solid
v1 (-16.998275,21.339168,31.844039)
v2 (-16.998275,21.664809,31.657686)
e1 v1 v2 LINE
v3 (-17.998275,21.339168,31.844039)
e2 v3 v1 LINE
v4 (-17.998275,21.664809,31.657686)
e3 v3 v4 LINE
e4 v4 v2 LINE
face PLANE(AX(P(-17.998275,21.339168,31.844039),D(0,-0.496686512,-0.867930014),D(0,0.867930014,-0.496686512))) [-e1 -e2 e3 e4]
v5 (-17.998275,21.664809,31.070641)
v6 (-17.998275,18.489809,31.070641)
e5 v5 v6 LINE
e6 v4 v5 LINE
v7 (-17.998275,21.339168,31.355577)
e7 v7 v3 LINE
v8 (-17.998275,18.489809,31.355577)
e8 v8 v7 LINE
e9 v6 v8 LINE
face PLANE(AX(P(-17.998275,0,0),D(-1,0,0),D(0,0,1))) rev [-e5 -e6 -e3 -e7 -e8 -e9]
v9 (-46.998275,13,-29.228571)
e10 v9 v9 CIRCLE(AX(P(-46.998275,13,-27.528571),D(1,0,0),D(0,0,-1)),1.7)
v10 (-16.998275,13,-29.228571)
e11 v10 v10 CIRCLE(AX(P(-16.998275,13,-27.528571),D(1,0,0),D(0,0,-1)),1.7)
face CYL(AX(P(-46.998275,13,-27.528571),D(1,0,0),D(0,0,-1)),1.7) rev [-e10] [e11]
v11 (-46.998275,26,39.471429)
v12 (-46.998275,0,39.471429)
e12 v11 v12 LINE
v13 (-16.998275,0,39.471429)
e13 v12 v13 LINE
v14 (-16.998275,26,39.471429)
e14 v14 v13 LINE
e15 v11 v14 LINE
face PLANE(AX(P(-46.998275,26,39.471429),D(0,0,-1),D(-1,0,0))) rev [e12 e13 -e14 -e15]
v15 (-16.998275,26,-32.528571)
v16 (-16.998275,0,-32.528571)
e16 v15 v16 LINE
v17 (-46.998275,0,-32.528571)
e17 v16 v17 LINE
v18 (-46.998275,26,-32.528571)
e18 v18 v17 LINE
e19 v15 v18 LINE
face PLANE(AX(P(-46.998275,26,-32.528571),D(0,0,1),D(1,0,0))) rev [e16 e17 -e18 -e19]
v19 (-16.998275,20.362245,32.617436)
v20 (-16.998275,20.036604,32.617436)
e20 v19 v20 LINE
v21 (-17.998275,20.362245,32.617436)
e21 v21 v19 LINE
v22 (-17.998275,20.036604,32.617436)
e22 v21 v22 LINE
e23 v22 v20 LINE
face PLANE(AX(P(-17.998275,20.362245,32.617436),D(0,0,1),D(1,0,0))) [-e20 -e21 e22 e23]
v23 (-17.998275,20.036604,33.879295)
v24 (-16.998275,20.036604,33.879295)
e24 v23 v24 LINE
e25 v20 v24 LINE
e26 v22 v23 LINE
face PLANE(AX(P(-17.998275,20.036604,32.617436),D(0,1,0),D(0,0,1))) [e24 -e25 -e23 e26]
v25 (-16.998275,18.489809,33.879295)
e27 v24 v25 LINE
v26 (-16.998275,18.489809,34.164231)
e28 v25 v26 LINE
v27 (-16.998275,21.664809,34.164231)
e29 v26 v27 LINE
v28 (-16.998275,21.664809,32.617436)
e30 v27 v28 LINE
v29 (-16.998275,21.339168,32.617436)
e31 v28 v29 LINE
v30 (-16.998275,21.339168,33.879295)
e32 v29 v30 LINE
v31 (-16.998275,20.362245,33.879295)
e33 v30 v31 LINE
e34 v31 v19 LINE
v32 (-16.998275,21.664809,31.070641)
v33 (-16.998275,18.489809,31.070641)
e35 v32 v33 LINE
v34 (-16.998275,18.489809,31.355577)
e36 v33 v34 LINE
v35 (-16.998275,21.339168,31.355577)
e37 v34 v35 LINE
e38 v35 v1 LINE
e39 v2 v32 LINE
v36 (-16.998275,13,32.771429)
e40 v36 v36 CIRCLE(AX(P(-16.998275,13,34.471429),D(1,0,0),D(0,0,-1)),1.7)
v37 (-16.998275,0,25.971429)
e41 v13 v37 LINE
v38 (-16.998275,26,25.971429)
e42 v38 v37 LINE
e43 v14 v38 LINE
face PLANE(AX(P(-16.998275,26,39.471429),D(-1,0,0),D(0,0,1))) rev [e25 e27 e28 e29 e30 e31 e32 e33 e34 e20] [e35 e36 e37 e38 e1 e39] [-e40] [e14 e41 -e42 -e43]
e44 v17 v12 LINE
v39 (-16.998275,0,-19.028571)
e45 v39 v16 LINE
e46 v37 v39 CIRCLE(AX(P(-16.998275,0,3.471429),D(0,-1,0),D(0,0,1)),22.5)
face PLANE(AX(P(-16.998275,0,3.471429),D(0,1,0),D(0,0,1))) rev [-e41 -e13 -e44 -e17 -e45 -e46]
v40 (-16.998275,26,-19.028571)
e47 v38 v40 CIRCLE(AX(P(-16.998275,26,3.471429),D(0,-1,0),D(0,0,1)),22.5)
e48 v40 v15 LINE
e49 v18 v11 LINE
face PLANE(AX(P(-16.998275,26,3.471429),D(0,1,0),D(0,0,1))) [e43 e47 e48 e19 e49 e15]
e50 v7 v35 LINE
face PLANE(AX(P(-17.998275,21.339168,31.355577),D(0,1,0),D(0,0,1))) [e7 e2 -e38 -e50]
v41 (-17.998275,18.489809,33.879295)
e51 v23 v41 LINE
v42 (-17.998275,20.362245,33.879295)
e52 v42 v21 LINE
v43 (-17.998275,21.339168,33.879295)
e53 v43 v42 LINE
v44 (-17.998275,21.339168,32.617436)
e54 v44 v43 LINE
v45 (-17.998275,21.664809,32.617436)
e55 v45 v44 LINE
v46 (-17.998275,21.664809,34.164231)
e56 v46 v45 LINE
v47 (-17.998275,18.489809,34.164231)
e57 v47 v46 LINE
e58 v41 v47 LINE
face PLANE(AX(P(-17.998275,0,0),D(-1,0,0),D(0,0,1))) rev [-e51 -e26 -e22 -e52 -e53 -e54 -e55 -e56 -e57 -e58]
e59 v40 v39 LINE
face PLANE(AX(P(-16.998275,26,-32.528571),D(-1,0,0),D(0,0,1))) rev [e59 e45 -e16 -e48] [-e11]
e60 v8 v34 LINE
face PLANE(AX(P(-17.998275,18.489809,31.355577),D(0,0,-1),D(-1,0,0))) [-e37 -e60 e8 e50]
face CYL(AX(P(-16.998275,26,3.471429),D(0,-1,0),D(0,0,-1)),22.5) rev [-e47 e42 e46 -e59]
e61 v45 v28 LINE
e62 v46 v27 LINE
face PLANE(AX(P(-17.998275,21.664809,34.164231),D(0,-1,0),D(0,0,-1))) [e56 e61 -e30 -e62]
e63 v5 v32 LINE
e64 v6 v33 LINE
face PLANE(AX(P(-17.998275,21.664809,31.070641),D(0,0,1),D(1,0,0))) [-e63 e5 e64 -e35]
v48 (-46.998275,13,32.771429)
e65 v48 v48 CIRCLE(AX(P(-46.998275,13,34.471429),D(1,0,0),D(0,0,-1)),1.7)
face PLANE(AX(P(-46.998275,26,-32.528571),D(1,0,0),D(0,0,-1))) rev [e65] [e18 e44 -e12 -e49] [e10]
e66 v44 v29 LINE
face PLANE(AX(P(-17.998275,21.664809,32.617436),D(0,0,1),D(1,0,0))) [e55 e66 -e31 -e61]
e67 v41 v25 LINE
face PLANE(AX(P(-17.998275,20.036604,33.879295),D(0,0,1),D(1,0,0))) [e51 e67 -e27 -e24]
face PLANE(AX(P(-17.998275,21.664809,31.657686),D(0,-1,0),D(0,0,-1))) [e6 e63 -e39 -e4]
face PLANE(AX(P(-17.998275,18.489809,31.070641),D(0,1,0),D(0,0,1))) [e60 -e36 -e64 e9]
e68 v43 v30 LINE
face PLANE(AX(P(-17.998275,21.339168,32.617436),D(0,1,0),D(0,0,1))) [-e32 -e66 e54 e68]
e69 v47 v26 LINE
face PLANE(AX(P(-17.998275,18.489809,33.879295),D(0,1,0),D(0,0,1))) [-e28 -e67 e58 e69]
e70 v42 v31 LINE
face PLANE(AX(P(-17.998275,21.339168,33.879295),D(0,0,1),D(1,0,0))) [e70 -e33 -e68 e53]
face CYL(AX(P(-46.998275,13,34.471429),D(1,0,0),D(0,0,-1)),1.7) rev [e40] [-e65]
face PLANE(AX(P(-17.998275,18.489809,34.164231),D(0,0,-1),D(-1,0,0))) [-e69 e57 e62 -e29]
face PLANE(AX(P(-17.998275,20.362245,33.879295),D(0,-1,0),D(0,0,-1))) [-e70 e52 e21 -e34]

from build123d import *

# Parameters (mm, degrees)
BOSS_EXTRUDE1_DEPTH = 26
SKETCH2_R           = 1.7
CUT_EXTRUDE1_DEPTH  = 31
CUT_EXTRUDE2_DEPTH  = 1


with BuildPart() as part:
    # Sketch1 → Boss-Extrude1 (new body)
    with BuildSketch(Plane(origin=(0, 0, 0), x_dir=(1, 0, 0), z_dir=(0, 1, 0))):
        with BuildLine():
            Line((-46.998275301, 32.528571429), (-46.998275301, -39.471428571))
            Line((-46.998275301, -39.471428571), (-16.998275301, -39.471428571))
            Line((-16.998275301, -39.471428571), (-16.998275301, -25.971428571))
            ThreePointArc((-16.998275301, -25.971428571), (-39.498275301, -3.471428571), (-16.998275301, 19.028571429))
            Line((-16.998275301, 19.028571429), (-16.998275301, 32.528571429))
            Line((-16.998275301, 32.528571429), (-46.998275301, 32.528571429))
        make_face()
    extrude(amount=BOSS_EXTRUDE1_DEPTH)

    # Sketch2 → Cut-Extrude1 (cut, through all)
    with BuildSketch(Plane(origin=(-16.998275301, 0, 0), x_dir=(0, 0, -1), z_dir=(1, 0, 0))):
        with Locations((-34.471428571, 13)):
            Circle(SKETCH2_R)
        with Locations((27.528571429, 13)):
            Circle(SKETCH2_R)
    extrude(amount=-CUT_EXTRUDE1_DEPTH, mode=Mode.SUBTRACT)

    # Sketch3 → Cut-Extrude2 (cut)
    with BuildSketch(Plane(origin=(-16.998275301, 0, 0), x_dir=(0, 0, -1), z_dir=(1, 0, 0))):
        Polygon((-34.164231178, 21.664809495), (-32.617436306, 21.664809495), (-32.617436306, 21.33916847), (-33.87929528, 21.33916847), (-33.87929528, 20.362245393), (-32.617436306, 20.362245393), (-32.617436306, 20.036604367), (-33.87929528, 20.036604367), (-33.87929528, 18.489809495), (-34.164231178, 18.489809495), align=None)
        Polygon((-31.657685705, 21.664809495), (-31.070641434, 21.664809495), (-31.070641434, 18.489809495), (-31.355577332, 18.489809495), (-31.355577332, 21.33916847), (-31.84403887, 21.33916847), align=None)
    extrude(amount=-CUT_EXTRUDE2_DEPTH, mode=Mode.SUBTRACT)


solid = part.part
